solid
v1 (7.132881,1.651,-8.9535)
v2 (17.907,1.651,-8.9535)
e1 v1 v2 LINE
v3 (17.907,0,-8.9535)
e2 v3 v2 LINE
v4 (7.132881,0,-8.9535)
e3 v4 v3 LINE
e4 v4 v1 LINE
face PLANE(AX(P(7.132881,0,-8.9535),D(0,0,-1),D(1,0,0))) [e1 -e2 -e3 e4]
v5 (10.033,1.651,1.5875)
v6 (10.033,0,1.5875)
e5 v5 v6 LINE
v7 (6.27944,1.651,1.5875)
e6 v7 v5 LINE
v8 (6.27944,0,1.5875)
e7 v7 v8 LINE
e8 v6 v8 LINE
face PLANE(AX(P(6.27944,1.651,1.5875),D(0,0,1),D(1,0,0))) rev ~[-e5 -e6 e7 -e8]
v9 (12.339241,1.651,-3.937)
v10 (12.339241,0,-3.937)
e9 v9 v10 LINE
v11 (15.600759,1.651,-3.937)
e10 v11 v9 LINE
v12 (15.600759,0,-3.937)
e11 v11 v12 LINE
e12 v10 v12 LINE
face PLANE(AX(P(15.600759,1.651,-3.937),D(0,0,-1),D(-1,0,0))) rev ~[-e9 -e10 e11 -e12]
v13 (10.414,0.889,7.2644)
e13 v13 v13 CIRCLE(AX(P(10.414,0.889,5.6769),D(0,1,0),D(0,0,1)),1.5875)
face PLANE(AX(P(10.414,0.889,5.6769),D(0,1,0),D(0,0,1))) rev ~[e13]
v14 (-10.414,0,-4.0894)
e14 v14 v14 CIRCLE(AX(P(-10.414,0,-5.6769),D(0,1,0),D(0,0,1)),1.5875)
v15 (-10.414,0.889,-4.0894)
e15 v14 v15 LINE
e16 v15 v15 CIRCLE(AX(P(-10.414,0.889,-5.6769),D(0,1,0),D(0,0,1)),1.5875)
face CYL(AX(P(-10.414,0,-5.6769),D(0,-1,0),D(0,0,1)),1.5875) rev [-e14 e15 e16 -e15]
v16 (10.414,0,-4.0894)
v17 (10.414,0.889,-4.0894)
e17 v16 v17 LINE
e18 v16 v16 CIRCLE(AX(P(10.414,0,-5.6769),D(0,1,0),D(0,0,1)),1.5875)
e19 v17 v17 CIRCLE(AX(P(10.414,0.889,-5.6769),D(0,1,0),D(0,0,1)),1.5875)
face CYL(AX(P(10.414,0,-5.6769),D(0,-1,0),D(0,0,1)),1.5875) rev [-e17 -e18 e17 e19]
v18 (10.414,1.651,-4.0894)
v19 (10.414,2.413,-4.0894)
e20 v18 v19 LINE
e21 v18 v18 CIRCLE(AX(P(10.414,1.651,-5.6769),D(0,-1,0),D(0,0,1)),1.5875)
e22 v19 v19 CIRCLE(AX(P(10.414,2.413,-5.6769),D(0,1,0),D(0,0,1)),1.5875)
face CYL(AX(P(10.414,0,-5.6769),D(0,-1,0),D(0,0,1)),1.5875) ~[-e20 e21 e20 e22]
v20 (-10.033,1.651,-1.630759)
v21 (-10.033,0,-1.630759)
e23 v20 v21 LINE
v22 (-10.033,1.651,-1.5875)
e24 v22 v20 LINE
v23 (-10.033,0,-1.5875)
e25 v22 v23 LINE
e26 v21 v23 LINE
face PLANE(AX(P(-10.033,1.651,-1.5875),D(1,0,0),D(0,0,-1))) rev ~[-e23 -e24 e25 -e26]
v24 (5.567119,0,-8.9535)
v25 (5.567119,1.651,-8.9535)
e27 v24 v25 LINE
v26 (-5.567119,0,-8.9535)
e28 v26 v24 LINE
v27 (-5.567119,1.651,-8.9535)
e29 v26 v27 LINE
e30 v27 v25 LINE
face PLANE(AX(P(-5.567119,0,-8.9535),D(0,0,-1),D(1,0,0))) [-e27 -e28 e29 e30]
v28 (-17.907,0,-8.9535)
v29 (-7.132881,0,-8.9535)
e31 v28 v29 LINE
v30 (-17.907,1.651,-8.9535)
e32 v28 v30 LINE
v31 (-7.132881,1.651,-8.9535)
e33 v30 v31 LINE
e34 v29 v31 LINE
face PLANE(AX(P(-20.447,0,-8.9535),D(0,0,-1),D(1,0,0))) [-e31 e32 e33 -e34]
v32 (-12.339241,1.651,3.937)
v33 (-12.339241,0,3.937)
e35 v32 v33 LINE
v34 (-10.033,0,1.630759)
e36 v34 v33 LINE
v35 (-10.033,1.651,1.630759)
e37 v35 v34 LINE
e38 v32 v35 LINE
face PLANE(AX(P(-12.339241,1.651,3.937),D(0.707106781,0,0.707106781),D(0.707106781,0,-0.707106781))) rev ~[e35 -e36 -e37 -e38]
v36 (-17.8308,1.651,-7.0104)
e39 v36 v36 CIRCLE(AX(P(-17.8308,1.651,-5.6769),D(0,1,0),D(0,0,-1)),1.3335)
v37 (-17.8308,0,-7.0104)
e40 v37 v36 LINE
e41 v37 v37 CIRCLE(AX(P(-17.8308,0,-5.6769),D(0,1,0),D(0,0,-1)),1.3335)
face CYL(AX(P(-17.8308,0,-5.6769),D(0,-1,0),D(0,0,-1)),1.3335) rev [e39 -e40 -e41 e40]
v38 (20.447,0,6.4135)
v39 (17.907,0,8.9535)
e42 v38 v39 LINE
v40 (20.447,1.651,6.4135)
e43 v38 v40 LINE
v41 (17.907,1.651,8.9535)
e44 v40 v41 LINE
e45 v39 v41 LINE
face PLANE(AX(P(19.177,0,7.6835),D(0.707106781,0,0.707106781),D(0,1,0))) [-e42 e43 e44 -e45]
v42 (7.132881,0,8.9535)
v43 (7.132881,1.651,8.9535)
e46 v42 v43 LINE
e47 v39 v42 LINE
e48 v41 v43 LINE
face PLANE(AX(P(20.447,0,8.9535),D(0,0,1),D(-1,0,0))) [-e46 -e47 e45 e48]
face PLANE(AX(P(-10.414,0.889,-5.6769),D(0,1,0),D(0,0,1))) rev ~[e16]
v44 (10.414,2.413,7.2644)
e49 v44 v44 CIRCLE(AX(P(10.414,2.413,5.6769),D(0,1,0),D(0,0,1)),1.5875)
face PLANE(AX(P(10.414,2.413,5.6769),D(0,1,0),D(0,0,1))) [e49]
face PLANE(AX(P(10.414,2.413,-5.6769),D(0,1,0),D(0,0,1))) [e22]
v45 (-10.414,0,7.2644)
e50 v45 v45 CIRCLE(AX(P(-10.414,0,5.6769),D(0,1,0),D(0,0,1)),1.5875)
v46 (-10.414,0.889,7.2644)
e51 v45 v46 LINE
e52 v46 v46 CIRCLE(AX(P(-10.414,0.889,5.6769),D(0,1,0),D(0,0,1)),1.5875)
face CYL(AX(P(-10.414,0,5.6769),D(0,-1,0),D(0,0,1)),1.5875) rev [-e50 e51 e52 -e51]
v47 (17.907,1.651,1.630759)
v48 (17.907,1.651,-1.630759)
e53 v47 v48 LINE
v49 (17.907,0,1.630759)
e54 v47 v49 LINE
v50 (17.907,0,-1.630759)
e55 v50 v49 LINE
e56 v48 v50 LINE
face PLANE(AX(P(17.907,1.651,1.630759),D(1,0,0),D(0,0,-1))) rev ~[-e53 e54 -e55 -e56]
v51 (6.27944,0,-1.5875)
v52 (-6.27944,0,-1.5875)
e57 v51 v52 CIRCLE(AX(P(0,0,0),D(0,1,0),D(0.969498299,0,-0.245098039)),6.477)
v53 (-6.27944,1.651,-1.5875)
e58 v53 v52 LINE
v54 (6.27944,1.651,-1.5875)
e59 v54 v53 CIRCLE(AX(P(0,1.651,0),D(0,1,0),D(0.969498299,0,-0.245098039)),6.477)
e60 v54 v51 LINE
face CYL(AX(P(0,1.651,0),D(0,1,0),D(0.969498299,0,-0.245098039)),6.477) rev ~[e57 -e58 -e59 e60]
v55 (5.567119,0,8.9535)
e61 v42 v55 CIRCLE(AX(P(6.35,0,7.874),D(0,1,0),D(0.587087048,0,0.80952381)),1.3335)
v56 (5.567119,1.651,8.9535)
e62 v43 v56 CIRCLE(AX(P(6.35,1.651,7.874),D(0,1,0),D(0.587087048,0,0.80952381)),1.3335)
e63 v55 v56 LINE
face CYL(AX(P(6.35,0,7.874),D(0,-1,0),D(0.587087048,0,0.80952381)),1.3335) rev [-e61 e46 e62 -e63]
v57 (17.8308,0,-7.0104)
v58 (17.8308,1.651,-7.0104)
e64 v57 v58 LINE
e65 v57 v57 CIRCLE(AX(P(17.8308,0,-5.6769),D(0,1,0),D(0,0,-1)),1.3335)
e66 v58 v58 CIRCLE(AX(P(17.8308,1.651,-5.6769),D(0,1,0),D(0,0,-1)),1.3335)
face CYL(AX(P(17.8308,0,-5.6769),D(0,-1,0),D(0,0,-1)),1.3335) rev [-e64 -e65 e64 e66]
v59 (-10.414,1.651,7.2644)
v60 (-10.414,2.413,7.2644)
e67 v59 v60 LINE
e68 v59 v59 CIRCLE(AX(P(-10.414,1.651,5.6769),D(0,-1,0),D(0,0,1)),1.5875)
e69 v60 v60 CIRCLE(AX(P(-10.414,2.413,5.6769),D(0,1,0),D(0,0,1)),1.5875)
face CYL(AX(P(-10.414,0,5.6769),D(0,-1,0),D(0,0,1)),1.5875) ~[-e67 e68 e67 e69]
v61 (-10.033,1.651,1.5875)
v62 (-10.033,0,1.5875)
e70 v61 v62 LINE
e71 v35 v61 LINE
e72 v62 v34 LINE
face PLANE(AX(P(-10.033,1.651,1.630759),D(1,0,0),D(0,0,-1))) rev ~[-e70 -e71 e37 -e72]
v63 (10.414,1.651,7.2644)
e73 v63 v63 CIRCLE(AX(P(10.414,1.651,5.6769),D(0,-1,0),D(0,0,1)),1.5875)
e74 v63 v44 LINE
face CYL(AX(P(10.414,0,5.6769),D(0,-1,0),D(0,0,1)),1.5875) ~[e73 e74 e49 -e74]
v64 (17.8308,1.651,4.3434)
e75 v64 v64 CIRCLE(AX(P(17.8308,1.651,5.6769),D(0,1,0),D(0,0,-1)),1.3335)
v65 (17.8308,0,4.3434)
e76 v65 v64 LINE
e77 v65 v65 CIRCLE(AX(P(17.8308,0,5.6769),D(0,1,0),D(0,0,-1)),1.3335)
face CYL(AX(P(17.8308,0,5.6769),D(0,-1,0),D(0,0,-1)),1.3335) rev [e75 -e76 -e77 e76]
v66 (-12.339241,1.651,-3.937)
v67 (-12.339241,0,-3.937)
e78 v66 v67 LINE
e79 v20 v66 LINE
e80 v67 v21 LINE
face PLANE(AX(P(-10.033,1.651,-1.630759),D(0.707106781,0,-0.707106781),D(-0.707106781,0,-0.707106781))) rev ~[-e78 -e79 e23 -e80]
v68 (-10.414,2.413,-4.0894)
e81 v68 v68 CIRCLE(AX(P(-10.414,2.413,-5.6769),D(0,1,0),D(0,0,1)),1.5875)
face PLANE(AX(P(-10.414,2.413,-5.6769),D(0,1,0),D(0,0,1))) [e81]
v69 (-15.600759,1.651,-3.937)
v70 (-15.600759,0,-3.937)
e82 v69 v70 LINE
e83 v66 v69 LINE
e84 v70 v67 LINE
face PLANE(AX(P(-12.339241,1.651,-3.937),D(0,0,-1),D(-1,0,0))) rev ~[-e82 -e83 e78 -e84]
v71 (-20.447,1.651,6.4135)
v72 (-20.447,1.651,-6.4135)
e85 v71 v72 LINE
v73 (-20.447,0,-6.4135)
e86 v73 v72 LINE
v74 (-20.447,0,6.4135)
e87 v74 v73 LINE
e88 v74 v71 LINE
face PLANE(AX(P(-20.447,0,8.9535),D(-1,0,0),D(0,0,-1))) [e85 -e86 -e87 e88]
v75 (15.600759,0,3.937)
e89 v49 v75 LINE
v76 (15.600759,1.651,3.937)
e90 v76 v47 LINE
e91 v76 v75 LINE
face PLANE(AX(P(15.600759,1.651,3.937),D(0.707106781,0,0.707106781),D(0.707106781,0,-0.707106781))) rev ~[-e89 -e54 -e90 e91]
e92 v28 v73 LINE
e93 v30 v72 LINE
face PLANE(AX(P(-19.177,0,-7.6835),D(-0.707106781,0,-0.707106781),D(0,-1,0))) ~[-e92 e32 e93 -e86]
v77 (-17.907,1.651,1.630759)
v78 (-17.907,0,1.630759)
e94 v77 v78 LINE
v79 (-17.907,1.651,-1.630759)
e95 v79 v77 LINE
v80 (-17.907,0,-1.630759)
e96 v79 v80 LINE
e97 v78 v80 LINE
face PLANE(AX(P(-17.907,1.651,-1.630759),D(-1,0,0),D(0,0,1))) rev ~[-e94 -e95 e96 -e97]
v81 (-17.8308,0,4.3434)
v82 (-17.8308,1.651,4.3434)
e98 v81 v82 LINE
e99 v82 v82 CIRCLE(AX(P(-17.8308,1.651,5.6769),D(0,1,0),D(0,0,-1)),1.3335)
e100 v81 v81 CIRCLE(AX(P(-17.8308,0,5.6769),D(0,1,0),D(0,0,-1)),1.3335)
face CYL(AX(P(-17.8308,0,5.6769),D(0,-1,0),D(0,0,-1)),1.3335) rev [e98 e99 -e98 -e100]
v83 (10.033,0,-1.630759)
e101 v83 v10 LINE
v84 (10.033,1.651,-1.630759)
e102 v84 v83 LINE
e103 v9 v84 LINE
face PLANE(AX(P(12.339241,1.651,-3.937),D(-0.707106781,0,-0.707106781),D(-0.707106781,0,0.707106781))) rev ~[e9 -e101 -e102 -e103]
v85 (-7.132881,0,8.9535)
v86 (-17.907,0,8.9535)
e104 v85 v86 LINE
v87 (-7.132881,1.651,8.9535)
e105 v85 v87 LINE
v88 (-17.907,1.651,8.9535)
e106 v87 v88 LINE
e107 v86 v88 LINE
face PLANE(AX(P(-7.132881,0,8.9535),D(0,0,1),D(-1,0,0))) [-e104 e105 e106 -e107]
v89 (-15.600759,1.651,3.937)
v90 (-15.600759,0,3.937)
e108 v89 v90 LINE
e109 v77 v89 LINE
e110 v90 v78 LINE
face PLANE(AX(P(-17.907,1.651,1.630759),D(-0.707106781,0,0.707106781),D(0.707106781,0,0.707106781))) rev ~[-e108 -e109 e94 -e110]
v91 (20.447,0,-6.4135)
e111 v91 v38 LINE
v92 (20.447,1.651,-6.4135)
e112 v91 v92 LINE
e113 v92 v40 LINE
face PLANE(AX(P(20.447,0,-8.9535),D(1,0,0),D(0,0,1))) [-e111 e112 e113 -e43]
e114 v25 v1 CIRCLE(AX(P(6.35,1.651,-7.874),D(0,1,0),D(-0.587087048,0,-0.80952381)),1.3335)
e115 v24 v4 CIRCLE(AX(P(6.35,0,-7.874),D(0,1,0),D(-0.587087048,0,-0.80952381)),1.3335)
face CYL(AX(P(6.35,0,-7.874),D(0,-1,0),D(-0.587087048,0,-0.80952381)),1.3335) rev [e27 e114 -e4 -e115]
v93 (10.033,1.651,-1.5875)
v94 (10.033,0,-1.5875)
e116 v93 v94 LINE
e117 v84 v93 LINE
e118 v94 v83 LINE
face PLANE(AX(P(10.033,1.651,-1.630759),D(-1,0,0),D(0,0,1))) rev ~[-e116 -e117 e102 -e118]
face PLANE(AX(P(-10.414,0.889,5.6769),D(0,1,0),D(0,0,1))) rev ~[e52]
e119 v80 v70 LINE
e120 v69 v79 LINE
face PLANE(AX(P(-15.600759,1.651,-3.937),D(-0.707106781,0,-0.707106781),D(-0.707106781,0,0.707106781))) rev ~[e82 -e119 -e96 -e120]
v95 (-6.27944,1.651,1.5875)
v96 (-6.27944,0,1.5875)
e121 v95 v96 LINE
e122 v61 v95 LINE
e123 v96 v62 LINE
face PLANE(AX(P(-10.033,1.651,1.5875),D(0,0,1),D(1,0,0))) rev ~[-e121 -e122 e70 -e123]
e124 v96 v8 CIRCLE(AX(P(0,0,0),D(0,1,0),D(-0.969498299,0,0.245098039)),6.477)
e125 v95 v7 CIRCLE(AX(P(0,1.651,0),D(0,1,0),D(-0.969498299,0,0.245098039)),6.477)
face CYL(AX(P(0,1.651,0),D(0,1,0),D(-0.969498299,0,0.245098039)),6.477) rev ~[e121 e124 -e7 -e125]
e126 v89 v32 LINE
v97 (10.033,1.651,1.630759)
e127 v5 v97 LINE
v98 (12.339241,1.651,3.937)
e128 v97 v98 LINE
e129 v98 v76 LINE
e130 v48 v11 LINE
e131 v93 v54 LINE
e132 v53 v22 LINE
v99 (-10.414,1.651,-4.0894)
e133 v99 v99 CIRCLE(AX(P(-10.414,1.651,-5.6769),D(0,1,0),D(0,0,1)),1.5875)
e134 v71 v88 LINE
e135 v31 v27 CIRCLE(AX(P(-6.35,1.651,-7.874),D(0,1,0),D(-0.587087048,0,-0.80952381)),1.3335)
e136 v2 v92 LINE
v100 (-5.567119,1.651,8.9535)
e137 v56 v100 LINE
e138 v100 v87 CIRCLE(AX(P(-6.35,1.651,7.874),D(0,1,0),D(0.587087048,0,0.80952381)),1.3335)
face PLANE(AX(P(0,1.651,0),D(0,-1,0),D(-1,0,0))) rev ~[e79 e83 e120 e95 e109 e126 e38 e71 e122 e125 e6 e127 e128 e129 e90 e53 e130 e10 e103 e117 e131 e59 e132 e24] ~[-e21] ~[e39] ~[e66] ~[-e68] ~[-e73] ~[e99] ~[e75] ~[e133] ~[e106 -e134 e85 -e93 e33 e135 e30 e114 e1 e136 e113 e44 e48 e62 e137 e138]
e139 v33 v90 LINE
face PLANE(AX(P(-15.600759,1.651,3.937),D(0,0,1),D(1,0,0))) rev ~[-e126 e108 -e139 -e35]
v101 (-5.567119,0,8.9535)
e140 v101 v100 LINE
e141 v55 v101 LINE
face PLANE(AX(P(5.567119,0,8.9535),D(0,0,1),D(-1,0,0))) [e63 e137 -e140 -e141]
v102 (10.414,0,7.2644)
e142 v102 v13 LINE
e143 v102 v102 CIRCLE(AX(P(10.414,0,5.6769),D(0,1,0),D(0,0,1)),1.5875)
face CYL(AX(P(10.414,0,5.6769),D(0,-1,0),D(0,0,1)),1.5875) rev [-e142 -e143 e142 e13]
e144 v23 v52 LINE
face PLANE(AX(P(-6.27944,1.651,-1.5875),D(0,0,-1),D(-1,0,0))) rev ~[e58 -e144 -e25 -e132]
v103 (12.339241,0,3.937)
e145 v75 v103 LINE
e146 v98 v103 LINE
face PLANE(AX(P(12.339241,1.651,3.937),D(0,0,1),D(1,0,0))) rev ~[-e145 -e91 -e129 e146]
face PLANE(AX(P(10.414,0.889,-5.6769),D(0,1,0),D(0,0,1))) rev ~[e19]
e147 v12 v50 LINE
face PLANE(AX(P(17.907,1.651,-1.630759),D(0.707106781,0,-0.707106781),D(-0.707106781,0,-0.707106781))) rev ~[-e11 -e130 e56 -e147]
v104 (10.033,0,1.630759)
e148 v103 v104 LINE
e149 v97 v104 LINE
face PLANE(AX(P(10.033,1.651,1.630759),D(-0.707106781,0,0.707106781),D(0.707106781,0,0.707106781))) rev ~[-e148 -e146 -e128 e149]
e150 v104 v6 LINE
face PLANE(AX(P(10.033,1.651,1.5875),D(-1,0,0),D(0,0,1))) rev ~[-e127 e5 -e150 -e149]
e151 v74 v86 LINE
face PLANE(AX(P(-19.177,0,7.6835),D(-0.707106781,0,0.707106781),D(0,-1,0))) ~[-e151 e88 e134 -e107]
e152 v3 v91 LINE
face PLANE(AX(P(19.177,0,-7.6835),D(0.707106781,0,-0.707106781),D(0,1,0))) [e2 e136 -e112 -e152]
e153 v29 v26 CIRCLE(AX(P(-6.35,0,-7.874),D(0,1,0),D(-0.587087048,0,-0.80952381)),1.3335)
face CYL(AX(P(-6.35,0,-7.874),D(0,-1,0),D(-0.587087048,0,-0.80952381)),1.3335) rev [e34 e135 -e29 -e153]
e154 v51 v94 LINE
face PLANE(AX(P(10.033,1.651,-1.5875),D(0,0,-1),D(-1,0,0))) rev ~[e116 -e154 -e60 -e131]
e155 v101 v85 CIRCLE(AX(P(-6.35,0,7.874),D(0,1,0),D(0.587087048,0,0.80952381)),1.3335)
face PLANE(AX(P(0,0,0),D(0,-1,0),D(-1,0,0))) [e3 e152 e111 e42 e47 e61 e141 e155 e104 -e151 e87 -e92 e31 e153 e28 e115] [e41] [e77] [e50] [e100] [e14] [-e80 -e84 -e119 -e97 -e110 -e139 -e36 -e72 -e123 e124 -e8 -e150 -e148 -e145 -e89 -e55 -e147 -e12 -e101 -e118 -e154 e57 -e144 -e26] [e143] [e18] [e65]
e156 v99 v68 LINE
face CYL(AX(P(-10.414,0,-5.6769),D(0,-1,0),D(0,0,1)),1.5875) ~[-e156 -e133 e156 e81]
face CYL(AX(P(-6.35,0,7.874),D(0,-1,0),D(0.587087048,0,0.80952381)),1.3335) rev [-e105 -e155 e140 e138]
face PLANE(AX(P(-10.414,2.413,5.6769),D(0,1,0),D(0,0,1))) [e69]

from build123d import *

# Parameters (mm, degrees)
SKETCH1_R           = 1.3335
SKETCH1_R_2         = 1.5875
BOSS_EXTRUDE1_DEPTH = 1.651
CHAMFER1_SIZE       = 2.54
SKETCH1_2_R         = 1.5875
BOSS_EXTRUDE2_DEPTH = 2.413
SKETCH1_3_R         = 1.5875
CUT_EXTRUDE1_DEPTH  = 0.889
CUT_EXTRUDE2_DEPTH  = 23.382376376


with BuildPart() as part:
    # Sketch1 → Boss-Extrude1 (new body)
    with BuildSketch(Plane(origin=(0, 0, 0), x_dir=(1, 0, 0), z_dir=(0, 1, 0))):
        with BuildLine():
            Line((-5.567119422, 8.9535), (5.567119422, 8.9535))
            ThreePointArc((5.567119422, 8.9535), (6.35, 6.5405), (7.132880578, 8.9535))
            Line((7.132880578, 8.9535), (20.447, 8.9535))
            Line((20.447, 8.9535), (20.447, -8.9535))
            Line((20.447, -8.9535), (7.132880578, -8.9535))
            ThreePointArc((7.132880578, -8.9535), (6.35, -6.5405), (5.567119422, -8.9535))
            Line((5.567119422, -8.9535), (-5.567119422, -8.9535))
            ThreePointArc((-5.567119422, -8.9535), (-6.35, -6.5405), (-7.132880578, -8.9535))
            Line((-7.132880578, -8.9535), (-20.447, -8.9535))
            Line((-20.447, -8.9535), (-20.447, 8.9535))
            Line((-20.447, 8.9535), (-7.132880578, 8.9535))
            ThreePointArc((-7.132880578, 8.9535), (-6.35, 6.5405), (-5.567119422, 8.9535))
        make_face()
        with Locations((-17.8308, 5.6769)):
            Circle(SKETCH1_R, mode=Mode.SUBTRACT)
        with Locations((17.8308, 5.6769)):
            Circle(SKETCH1_R, mode=Mode.SUBTRACT)
        with Locations((17.8308, -5.6769)):
            Circle(SKETCH1_R, mode=Mode.SUBTRACT)
        with Locations((-17.8308, -5.6769)):
            Circle(SKETCH1_R, mode=Mode.SUBTRACT)
        with Locations((-10.414, 5.6769)):
            Circle(SKETCH1_R_2, mode=Mode.SUBTRACT)
        with Locations((10.414, 5.6769)):
            Circle(SKETCH1_R_2, mode=Mode.SUBTRACT)
        with Locations((10.414, -5.6769)):
            Circle(SKETCH1_R_2, mode=Mode.SUBTRACT)
        with Locations((-10.414, -5.6769)):
            Circle(SKETCH1_R_2, mode=Mode.SUBTRACT)
    extrude(amount=BOSS_EXTRUDE1_DEPTH)

    # Chamfer1
    chamfer1_edges = [part.edges().sort_by_distance(p)[0] for p in [
        (-20.447, 0.8255, 8.9535),
        (-20.447, 0.8255, -8.9535),
        (20.447, 0.8255, -8.9535),
        (20.447, 0.8255, 8.9535),
    ]]
    chamfer(chamfer1_edges, length=CHAMFER1_SIZE)

    # Sketch1<2> → Boss-Extrude2 (add)
    with BuildSketch(Plane(origin=(0, 0, 0), x_dir=(1, 0, 0), z_dir=(0, 1, 0))):
        with Locations((-10.414, 5.6769)):
            Circle(SKETCH1_2_R)
        with Locations((10.414, 5.6769)):
            Circle(SKETCH1_2_R)
        with Locations((10.414, -5.6769)):
            Circle(SKETCH1_2_R)
        with Locations((-10.414, -5.6769)):
            Circle(SKETCH1_2_R)
    extrude(amount=BOSS_EXTRUDE2_DEPTH)

    # Sketch1<3> → Cut-Extrude1 (cut)
    with BuildSketch(Plane(origin=(0, 0, 0), x_dir=(1, 0, 0), z_dir=(0, 1, 0))):
        with Locations((-10.414, 5.6769)):
            Circle(SKETCH1_3_R)
        with Locations((10.414, 5.6769)):
            Circle(SKETCH1_3_R)
        with Locations((10.414, -5.6769)):
            Circle(SKETCH1_3_R)
        with Locations((-10.414, -5.6769)):
            Circle(SKETCH1_3_R)
    extrude(amount=CUT_EXTRUDE1_DEPTH, mode=Mode.SUBTRACT)

    # Sketch2 → Cut-Extrude2 (cut, through all)
    with BuildSketch(Plane(origin=(0, 1.651, 0), x_dir=(1, 0, 0), z_dir=(0, 1, 0))):
        with BuildLine():
            Line((-10.033, 1.5875), (-10.033, 1.630758795))
            Line((-10.033, 1.630758795), (-12.339241205, 3.937))
            Line((-12.339241205, 3.937), (-15.600758795, 3.937))
            Line((-15.600758795, 3.937), (-17.907, 1.630758795))
            Line((-17.907, 1.630758795), (-17.907, -1.630758795))
            Line((-17.907, -1.630758795), (-15.600758795, -3.937))
            Line((-15.600758795, -3.937), (-12.339241205, -3.937))
            Line((-12.339241205, -3.937), (-10.033, -1.630758795))
            Line((-10.033, -1.630758795), (-10.033, -1.5875))
            Line((-10.033, -1.5875), (-6.279440481, -1.5875))
            ThreePointArc((-6.279440481, -1.5875), (0, -6.477), (6.279440481, -1.5875))
            Line((6.279440481, -1.5875), (10.033, -1.5875))
            Line((10.033, -1.5875), (10.033, -1.630758795))
            Line((10.033, -1.630758795), (12.339241205, -3.937))
            Line((12.339241205, -3.937), (15.600758795, -3.937))
            Line((15.600758795, -3.937), (17.907, -1.630758795))
            Line((17.907, -1.630758795), (17.907, 1.630758795))
            Line((17.907, 1.630758795), (15.600758795, 3.937))
            Line((15.600758795, 3.937), (12.339241205, 3.937))
            Line((12.339241205, 3.937), (10.033, 1.630758795))
            Line((10.033, 1.630758795), (10.033, 1.5875))
            Line((10.033, 1.5875), (6.279440481, 1.5875))
            ThreePointArc((6.279440481, 1.5875), (0, 6.477), (-6.279440481, 1.5875))
            Line((-6.279440481, 1.5875), (-10.033, 1.5875))
        make_face()
    extrude(amount=-CUT_EXTRUDE2_DEPTH, mode=Mode.SUBTRACT)


solid = part.part
